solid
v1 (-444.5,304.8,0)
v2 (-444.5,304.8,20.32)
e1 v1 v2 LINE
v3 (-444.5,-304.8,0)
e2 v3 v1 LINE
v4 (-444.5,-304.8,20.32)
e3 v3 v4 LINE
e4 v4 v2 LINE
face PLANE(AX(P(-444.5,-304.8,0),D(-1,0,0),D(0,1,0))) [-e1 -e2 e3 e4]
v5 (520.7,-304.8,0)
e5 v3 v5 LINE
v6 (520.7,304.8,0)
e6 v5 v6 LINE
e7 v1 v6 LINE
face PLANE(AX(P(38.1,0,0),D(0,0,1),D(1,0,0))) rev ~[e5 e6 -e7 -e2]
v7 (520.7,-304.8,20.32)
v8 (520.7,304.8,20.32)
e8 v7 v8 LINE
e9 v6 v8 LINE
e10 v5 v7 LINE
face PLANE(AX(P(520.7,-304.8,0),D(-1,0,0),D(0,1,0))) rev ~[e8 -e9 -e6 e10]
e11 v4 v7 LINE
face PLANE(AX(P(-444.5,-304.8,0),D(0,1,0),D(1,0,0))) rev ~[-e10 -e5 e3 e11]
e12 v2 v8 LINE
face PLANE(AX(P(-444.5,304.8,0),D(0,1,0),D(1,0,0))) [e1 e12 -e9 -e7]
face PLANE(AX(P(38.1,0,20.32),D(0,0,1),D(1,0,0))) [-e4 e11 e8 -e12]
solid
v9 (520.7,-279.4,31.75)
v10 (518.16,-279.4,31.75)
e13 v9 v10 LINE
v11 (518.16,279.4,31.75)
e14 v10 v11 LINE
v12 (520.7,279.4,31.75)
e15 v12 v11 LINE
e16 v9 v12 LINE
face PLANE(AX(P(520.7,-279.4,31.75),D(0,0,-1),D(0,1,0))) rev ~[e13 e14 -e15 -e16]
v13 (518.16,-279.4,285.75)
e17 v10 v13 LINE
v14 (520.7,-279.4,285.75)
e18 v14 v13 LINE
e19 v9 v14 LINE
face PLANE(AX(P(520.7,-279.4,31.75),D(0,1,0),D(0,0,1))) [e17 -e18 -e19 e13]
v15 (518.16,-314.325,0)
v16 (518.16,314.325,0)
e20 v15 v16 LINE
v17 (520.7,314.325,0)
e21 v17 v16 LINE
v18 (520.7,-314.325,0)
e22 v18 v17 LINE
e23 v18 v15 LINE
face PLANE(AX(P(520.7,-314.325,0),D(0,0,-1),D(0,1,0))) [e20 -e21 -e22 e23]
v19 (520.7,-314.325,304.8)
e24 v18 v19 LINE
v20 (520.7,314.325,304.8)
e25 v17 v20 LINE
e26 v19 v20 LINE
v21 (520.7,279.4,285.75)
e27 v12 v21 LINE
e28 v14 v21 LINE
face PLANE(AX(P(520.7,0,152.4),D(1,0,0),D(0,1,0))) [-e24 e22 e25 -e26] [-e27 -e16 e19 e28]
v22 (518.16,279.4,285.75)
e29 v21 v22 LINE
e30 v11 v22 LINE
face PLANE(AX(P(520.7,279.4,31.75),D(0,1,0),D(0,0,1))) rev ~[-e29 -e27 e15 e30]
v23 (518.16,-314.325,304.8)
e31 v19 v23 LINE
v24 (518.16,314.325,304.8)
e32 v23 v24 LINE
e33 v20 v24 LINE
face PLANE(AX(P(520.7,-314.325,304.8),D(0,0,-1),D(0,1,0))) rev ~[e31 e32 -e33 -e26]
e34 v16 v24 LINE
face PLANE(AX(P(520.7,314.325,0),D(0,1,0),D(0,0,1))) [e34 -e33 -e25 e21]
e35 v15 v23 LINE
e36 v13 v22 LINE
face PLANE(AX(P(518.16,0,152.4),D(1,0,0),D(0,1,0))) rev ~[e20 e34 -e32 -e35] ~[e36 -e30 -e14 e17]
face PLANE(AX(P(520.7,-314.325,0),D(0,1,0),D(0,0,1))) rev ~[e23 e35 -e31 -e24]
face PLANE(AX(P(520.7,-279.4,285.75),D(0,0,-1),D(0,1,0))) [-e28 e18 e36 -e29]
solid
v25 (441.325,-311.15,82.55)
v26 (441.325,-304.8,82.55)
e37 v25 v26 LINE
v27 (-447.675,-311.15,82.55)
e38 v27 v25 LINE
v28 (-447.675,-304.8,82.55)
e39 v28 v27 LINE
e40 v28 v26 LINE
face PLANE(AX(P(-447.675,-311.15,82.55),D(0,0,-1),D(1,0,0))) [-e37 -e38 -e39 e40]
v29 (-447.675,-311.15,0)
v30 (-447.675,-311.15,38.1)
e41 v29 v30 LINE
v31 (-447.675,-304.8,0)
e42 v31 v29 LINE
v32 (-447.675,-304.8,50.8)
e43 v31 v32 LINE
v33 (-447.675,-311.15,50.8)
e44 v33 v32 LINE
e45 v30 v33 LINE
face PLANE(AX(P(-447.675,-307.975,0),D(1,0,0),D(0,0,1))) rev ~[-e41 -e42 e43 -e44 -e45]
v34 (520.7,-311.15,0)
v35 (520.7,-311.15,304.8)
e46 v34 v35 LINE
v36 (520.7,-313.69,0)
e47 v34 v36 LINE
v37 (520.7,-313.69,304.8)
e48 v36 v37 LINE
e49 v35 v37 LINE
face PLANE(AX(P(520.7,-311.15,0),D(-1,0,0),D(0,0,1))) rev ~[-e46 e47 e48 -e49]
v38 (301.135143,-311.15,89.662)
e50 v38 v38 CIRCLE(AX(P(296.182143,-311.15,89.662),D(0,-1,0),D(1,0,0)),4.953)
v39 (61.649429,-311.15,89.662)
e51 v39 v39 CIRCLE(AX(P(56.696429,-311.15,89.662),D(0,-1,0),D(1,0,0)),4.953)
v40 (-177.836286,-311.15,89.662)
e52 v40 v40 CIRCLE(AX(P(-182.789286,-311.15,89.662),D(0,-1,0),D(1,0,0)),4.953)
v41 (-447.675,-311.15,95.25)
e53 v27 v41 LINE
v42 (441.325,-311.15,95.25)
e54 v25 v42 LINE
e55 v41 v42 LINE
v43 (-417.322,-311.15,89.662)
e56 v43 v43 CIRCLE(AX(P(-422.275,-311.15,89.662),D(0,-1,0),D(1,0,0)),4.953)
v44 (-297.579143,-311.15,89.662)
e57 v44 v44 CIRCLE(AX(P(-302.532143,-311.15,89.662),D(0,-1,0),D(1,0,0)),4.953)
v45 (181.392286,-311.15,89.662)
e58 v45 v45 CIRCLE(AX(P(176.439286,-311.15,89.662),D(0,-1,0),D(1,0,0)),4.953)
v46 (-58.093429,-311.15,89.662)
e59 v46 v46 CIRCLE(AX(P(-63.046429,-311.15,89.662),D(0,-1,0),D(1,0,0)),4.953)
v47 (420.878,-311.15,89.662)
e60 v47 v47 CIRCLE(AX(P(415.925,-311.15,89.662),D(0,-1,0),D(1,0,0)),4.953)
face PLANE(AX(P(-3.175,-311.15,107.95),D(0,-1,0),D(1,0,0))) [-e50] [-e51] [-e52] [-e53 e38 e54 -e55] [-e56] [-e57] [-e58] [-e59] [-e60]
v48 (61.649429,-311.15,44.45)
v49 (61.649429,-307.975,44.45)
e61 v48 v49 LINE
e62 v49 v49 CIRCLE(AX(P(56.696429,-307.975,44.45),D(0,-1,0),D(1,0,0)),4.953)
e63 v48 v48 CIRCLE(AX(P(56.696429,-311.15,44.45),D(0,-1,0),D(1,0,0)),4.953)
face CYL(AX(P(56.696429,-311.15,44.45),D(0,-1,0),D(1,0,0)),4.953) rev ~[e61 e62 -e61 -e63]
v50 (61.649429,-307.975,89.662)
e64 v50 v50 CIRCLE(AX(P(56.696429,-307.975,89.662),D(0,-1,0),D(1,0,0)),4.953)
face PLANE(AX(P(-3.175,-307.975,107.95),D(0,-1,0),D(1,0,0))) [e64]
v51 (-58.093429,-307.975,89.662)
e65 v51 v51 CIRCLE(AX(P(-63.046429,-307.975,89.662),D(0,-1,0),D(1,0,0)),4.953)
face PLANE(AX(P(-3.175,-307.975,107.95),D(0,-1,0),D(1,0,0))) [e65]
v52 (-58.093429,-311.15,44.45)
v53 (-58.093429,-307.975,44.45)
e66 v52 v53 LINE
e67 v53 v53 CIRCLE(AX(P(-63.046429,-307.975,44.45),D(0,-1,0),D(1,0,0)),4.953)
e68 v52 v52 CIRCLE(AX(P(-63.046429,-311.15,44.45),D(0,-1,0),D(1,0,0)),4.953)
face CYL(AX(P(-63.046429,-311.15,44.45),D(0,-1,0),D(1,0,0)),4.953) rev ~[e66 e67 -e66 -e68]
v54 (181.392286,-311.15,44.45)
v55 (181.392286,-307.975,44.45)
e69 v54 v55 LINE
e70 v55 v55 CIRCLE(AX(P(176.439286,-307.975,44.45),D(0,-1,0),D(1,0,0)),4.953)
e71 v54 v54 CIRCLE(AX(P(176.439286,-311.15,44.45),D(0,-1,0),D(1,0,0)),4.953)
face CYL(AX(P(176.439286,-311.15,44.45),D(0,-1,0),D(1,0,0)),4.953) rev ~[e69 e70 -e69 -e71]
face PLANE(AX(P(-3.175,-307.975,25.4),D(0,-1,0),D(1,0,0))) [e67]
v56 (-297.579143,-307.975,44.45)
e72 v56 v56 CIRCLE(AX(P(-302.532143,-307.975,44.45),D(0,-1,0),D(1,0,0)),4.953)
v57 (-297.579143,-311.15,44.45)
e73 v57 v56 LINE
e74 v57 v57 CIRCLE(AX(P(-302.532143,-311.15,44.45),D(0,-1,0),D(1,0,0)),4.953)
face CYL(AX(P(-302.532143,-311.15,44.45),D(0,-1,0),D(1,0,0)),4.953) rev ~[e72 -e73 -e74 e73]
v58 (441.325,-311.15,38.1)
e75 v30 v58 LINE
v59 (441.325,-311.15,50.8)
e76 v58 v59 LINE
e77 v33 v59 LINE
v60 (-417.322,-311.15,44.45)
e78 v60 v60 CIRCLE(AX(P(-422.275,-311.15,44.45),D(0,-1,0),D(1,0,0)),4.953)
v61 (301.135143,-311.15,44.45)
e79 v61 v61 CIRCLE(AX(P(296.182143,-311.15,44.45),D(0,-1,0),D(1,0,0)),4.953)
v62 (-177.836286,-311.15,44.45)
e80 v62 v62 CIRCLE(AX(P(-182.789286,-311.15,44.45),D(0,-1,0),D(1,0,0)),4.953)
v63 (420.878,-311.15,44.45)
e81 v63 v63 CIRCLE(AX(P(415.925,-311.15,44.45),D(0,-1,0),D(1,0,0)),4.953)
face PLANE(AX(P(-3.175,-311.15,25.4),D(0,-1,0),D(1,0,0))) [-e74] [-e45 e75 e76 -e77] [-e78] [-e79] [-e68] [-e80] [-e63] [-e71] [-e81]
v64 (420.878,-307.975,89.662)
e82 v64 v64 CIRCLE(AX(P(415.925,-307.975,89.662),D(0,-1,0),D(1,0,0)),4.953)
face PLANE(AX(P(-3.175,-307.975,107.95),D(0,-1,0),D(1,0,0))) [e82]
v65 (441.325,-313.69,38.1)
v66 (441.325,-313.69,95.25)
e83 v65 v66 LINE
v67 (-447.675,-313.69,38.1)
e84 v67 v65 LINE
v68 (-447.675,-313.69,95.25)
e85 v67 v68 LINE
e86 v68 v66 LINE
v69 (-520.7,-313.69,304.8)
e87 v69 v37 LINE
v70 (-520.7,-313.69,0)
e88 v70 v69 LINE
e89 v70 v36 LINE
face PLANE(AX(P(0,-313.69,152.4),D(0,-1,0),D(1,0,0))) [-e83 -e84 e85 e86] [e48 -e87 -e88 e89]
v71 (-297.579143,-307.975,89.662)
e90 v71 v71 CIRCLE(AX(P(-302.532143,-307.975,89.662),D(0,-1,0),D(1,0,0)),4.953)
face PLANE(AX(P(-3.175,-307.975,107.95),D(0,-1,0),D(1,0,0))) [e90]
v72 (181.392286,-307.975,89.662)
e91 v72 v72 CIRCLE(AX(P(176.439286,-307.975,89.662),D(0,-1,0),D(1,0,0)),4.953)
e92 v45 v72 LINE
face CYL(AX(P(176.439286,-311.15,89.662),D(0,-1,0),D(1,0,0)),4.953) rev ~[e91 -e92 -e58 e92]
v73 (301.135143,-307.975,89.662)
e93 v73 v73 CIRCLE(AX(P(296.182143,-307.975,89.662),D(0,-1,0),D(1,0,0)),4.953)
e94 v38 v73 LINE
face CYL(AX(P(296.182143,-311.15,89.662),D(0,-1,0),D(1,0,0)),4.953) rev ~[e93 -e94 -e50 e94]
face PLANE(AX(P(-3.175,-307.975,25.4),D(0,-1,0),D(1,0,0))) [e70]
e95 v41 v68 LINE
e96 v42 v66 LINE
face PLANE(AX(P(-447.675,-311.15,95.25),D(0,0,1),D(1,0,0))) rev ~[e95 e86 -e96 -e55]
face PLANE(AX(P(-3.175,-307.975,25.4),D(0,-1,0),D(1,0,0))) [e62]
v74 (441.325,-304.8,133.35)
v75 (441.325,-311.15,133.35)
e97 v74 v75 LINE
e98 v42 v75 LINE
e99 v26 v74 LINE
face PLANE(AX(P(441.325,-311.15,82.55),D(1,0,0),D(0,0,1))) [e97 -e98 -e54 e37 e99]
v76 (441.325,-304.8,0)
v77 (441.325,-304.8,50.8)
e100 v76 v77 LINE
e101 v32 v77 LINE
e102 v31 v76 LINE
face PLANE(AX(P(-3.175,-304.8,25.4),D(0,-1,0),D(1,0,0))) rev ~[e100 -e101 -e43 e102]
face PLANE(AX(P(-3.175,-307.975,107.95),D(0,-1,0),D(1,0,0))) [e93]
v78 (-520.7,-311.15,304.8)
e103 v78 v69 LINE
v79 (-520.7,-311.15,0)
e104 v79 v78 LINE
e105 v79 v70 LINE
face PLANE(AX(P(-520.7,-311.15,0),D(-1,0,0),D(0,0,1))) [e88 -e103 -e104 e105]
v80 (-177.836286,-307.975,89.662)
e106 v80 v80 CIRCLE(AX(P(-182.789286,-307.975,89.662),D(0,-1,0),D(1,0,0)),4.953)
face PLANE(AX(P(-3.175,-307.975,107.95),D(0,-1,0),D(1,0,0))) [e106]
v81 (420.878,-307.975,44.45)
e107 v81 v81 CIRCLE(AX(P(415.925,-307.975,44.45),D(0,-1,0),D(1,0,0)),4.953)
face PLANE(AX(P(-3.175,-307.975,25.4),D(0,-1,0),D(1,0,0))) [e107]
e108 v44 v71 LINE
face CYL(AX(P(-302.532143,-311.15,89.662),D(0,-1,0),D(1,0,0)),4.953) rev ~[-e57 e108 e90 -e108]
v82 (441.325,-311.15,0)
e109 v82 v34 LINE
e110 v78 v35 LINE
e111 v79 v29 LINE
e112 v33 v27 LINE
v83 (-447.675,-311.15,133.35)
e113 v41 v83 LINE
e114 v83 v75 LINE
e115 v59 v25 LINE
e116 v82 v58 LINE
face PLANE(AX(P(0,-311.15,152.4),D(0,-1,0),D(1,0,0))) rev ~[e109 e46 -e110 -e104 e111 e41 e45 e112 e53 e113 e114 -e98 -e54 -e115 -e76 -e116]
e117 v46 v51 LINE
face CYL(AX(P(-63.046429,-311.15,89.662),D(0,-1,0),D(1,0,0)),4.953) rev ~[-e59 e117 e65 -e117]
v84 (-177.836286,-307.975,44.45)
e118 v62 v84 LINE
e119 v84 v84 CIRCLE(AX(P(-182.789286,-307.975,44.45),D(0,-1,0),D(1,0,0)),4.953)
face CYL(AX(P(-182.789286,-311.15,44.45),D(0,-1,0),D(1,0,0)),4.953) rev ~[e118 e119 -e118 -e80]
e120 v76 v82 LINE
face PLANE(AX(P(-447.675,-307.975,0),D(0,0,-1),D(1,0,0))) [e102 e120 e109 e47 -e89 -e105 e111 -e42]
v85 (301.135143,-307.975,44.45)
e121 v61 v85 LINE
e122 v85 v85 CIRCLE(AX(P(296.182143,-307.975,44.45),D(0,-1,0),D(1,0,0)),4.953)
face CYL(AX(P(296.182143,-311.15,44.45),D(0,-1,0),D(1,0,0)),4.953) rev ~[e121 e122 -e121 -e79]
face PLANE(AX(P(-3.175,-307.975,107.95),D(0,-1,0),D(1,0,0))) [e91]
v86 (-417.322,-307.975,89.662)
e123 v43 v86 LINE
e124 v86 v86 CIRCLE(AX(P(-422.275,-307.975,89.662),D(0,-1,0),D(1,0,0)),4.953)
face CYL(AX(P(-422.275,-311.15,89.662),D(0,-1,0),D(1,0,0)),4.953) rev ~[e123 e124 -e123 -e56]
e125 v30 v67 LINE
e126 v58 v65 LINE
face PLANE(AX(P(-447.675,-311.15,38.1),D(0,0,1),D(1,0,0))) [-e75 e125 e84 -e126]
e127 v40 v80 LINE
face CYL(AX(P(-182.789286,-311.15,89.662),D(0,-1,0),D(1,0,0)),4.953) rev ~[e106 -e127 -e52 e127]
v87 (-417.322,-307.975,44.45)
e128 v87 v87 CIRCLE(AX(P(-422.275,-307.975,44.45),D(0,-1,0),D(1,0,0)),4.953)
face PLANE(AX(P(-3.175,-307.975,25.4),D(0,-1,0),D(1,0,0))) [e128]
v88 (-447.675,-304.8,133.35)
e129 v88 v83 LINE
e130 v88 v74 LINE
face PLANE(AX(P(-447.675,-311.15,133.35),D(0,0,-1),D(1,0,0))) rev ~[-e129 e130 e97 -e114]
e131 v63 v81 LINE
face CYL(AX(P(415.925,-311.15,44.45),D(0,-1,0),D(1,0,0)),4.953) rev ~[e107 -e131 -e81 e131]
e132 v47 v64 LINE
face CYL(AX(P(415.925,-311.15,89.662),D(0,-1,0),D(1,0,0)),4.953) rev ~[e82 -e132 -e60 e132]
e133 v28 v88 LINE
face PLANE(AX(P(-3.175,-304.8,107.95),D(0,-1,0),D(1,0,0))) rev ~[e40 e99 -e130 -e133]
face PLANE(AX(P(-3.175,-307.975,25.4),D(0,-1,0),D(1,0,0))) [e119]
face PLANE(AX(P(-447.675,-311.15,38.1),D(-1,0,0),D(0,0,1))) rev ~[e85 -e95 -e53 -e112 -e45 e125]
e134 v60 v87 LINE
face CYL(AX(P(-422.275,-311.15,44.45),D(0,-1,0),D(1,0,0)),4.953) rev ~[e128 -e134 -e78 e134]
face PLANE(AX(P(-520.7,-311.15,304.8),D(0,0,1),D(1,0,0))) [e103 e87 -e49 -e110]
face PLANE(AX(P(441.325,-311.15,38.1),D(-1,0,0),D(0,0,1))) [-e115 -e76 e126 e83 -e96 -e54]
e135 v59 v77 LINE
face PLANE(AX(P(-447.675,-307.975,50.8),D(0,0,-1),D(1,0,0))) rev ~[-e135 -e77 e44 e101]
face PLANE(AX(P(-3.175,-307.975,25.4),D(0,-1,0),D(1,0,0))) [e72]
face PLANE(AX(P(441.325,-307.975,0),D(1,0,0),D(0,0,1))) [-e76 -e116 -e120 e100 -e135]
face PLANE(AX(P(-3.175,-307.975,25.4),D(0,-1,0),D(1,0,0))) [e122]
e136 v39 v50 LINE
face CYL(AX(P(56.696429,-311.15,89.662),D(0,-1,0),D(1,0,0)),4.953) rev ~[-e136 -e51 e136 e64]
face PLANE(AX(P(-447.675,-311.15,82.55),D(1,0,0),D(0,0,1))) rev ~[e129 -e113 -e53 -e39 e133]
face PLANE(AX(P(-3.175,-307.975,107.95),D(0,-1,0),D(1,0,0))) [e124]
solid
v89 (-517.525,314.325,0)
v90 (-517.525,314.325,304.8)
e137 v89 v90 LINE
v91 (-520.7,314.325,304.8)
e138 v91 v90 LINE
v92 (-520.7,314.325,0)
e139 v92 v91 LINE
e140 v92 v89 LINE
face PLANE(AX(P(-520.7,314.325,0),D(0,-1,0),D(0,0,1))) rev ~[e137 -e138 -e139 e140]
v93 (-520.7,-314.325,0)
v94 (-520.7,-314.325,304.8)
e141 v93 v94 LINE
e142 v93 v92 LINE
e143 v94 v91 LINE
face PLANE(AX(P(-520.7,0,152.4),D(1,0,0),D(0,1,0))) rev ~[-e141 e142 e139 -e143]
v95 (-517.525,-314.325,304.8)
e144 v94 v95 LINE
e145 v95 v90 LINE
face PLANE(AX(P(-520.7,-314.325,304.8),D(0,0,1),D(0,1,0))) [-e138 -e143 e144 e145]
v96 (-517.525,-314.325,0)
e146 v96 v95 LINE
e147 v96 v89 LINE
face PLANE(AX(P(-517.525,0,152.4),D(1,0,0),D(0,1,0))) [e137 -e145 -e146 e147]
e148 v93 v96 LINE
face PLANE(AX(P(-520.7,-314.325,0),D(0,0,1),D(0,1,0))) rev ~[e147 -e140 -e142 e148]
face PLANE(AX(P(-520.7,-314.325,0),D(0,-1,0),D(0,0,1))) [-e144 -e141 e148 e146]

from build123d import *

# Parameters (mm, degrees)
SKETCH_W      = 965.2
SKETCH_H      = 609.6
PAD_DEPTH     = 20.32
SKETCH004_W   = 1041.4
SKETCH004_H   = 304.8
SKETCH004_W_2 = 889
SKETCH004_H_2 = 57.15
PAD002_DEPTH  = 2.54
SKETCH005_W   = 889
SKETCH005_H   = 50.8
SKETCH005_R   = 4.953
PAD008_DEPTH  = 3.175
SKETCH006_W   = 889
SKETCH006_H   = 50.8
PAD009_DEPTH  = 3.175
SKETCH007_W   = 628.65
SKETCH007_H   = 304.8
PAD007_DEPTH  = 3.175
SKETCH008_W   = 628.65
SKETCH008_H   = 304.8
SKETCH008_W_2 = 558.8
SKETCH008_H_2 = 254
PAD006_DEPTH  = 2.54


with BuildPart() as pad:
    # Sketch → Pad (new body)
    with BuildSketch(Plane.XY):
        with Locations((38.1, 0)):
            Rectangle(SKETCH_W, SKETCH_H)
    extrude(amount=PAD_DEPTH)


with BuildPart() as pad_1:
    # Body placement: moved
    add(pad.part.moved(Location((-0.001785, 0.065608, 0.576416))))


with BuildPart() as front:
    # Sketch004 → Pad002 (new body)
    with BuildSketch(Plane.XZ.offset(311.15)):
        with Locations((0, 152.4)):
            Rectangle(SKETCH004_W, SKETCH004_H)
        with Locations((-3.175, 66.675)):
            Rectangle(SKETCH004_W_2, SKETCH004_H_2, mode=Mode.SUBTRACT)
    extrude(amount=PAD002_DEPTH)

    # Sketch005 → Pad008 (join)
    with BuildSketch(Plane.XZ.offset(311.15)):
        with Locations((-3.175, 25.4)):
            Rectangle(SKETCH005_W, SKETCH005_H)
        with Locations((-422.275, 44.45)):
            Circle(SKETCH005_R, mode=Mode.SUBTRACT)
        with Locations((-302.532143, 44.45)):
            Circle(SKETCH005_R, mode=Mode.SUBTRACT)
        with Locations((-182.789286, 44.45)):
            Circle(SKETCH005_R, mode=Mode.SUBTRACT)
        with Locations((-63.046429, 44.45)):
            Circle(SKETCH005_R, mode=Mode.SUBTRACT)
        with Locations((56.696429, 44.45)):
            Circle(SKETCH005_R, mode=Mode.SUBTRACT)
        with Locations((176.439286, 44.45)):
            Circle(SKETCH005_R, mode=Mode.SUBTRACT)
        with Locations((296.182143, 44.45)):
            Circle(SKETCH005_R, mode=Mode.SUBTRACT)
        with Locations((415.925, 44.45)):
            Circle(SKETCH005_R, mode=Mode.SUBTRACT)
        with Locations((-3.175, 107.95)):
            Rectangle(SKETCH005_W, SKETCH005_H)
        with Locations((-422.275, 89.662)):
            Circle(SKETCH005_R, mode=Mode.SUBTRACT)
        with Locations((-302.532143, 89.662)):
            Circle(SKETCH005_R, mode=Mode.SUBTRACT)
        with Locations((-182.789286, 89.662)):
            Circle(SKETCH005_R, mode=Mode.SUBTRACT)
        with Locations((-63.046429, 89.662)):
            Circle(SKETCH005_R, mode=Mode.SUBTRACT)
        with Locations((56.696429, 89.662)):
            Circle(SKETCH005_R, mode=Mode.SUBTRACT)
        with Locations((176.439286, 89.662)):
            Circle(SKETCH005_R, mode=Mode.SUBTRACT)
        with Locations((296.182143, 89.662)):
            Circle(SKETCH005_R, mode=Mode.SUBTRACT)
        with Locations((415.925, 89.662)):
            Circle(SKETCH005_R, mode=Mode.SUBTRACT)
    extrude(amount=-PAD008_DEPTH)

    # Sketch006 → Pad009 (join)
    with BuildSketch(Plane.XZ.offset(307.975)):
        with Locations((-3.175, 25.4)):
            Rectangle(SKETCH006_W, SKETCH006_H)
        with Locations((-3.175, 107.95)):
            Rectangle(SKETCH006_W, SKETCH006_H)
    extrude(amount=-PAD009_DEPTH)


with BuildPart() as left:
    # Sketch007 → Pad007 (new body)
    with BuildSketch(Plane.YZ.offset(-520.7)):
        with Locations((0, 152.4)):
            Rectangle(SKETCH007_W, SKETCH007_H)
    extrude(amount=PAD007_DEPTH)


with BuildPart() as right:
    # Sketch008 → Pad006 (new body)
    with BuildSketch(Plane.YZ.offset(520.7)):
        with Locations((0, 152.4)):
            Rectangle(SKETCH008_W, SKETCH008_H)
        with Locations((0, 158.75)):
            Rectangle(SKETCH008_W_2, SKETCH008_H_2, mode=Mode.SUBTRACT)
    extrude(amount=-PAD006_DEPTH)


solid = Compound([pad_1.part, front.part, left.part, right.part])
